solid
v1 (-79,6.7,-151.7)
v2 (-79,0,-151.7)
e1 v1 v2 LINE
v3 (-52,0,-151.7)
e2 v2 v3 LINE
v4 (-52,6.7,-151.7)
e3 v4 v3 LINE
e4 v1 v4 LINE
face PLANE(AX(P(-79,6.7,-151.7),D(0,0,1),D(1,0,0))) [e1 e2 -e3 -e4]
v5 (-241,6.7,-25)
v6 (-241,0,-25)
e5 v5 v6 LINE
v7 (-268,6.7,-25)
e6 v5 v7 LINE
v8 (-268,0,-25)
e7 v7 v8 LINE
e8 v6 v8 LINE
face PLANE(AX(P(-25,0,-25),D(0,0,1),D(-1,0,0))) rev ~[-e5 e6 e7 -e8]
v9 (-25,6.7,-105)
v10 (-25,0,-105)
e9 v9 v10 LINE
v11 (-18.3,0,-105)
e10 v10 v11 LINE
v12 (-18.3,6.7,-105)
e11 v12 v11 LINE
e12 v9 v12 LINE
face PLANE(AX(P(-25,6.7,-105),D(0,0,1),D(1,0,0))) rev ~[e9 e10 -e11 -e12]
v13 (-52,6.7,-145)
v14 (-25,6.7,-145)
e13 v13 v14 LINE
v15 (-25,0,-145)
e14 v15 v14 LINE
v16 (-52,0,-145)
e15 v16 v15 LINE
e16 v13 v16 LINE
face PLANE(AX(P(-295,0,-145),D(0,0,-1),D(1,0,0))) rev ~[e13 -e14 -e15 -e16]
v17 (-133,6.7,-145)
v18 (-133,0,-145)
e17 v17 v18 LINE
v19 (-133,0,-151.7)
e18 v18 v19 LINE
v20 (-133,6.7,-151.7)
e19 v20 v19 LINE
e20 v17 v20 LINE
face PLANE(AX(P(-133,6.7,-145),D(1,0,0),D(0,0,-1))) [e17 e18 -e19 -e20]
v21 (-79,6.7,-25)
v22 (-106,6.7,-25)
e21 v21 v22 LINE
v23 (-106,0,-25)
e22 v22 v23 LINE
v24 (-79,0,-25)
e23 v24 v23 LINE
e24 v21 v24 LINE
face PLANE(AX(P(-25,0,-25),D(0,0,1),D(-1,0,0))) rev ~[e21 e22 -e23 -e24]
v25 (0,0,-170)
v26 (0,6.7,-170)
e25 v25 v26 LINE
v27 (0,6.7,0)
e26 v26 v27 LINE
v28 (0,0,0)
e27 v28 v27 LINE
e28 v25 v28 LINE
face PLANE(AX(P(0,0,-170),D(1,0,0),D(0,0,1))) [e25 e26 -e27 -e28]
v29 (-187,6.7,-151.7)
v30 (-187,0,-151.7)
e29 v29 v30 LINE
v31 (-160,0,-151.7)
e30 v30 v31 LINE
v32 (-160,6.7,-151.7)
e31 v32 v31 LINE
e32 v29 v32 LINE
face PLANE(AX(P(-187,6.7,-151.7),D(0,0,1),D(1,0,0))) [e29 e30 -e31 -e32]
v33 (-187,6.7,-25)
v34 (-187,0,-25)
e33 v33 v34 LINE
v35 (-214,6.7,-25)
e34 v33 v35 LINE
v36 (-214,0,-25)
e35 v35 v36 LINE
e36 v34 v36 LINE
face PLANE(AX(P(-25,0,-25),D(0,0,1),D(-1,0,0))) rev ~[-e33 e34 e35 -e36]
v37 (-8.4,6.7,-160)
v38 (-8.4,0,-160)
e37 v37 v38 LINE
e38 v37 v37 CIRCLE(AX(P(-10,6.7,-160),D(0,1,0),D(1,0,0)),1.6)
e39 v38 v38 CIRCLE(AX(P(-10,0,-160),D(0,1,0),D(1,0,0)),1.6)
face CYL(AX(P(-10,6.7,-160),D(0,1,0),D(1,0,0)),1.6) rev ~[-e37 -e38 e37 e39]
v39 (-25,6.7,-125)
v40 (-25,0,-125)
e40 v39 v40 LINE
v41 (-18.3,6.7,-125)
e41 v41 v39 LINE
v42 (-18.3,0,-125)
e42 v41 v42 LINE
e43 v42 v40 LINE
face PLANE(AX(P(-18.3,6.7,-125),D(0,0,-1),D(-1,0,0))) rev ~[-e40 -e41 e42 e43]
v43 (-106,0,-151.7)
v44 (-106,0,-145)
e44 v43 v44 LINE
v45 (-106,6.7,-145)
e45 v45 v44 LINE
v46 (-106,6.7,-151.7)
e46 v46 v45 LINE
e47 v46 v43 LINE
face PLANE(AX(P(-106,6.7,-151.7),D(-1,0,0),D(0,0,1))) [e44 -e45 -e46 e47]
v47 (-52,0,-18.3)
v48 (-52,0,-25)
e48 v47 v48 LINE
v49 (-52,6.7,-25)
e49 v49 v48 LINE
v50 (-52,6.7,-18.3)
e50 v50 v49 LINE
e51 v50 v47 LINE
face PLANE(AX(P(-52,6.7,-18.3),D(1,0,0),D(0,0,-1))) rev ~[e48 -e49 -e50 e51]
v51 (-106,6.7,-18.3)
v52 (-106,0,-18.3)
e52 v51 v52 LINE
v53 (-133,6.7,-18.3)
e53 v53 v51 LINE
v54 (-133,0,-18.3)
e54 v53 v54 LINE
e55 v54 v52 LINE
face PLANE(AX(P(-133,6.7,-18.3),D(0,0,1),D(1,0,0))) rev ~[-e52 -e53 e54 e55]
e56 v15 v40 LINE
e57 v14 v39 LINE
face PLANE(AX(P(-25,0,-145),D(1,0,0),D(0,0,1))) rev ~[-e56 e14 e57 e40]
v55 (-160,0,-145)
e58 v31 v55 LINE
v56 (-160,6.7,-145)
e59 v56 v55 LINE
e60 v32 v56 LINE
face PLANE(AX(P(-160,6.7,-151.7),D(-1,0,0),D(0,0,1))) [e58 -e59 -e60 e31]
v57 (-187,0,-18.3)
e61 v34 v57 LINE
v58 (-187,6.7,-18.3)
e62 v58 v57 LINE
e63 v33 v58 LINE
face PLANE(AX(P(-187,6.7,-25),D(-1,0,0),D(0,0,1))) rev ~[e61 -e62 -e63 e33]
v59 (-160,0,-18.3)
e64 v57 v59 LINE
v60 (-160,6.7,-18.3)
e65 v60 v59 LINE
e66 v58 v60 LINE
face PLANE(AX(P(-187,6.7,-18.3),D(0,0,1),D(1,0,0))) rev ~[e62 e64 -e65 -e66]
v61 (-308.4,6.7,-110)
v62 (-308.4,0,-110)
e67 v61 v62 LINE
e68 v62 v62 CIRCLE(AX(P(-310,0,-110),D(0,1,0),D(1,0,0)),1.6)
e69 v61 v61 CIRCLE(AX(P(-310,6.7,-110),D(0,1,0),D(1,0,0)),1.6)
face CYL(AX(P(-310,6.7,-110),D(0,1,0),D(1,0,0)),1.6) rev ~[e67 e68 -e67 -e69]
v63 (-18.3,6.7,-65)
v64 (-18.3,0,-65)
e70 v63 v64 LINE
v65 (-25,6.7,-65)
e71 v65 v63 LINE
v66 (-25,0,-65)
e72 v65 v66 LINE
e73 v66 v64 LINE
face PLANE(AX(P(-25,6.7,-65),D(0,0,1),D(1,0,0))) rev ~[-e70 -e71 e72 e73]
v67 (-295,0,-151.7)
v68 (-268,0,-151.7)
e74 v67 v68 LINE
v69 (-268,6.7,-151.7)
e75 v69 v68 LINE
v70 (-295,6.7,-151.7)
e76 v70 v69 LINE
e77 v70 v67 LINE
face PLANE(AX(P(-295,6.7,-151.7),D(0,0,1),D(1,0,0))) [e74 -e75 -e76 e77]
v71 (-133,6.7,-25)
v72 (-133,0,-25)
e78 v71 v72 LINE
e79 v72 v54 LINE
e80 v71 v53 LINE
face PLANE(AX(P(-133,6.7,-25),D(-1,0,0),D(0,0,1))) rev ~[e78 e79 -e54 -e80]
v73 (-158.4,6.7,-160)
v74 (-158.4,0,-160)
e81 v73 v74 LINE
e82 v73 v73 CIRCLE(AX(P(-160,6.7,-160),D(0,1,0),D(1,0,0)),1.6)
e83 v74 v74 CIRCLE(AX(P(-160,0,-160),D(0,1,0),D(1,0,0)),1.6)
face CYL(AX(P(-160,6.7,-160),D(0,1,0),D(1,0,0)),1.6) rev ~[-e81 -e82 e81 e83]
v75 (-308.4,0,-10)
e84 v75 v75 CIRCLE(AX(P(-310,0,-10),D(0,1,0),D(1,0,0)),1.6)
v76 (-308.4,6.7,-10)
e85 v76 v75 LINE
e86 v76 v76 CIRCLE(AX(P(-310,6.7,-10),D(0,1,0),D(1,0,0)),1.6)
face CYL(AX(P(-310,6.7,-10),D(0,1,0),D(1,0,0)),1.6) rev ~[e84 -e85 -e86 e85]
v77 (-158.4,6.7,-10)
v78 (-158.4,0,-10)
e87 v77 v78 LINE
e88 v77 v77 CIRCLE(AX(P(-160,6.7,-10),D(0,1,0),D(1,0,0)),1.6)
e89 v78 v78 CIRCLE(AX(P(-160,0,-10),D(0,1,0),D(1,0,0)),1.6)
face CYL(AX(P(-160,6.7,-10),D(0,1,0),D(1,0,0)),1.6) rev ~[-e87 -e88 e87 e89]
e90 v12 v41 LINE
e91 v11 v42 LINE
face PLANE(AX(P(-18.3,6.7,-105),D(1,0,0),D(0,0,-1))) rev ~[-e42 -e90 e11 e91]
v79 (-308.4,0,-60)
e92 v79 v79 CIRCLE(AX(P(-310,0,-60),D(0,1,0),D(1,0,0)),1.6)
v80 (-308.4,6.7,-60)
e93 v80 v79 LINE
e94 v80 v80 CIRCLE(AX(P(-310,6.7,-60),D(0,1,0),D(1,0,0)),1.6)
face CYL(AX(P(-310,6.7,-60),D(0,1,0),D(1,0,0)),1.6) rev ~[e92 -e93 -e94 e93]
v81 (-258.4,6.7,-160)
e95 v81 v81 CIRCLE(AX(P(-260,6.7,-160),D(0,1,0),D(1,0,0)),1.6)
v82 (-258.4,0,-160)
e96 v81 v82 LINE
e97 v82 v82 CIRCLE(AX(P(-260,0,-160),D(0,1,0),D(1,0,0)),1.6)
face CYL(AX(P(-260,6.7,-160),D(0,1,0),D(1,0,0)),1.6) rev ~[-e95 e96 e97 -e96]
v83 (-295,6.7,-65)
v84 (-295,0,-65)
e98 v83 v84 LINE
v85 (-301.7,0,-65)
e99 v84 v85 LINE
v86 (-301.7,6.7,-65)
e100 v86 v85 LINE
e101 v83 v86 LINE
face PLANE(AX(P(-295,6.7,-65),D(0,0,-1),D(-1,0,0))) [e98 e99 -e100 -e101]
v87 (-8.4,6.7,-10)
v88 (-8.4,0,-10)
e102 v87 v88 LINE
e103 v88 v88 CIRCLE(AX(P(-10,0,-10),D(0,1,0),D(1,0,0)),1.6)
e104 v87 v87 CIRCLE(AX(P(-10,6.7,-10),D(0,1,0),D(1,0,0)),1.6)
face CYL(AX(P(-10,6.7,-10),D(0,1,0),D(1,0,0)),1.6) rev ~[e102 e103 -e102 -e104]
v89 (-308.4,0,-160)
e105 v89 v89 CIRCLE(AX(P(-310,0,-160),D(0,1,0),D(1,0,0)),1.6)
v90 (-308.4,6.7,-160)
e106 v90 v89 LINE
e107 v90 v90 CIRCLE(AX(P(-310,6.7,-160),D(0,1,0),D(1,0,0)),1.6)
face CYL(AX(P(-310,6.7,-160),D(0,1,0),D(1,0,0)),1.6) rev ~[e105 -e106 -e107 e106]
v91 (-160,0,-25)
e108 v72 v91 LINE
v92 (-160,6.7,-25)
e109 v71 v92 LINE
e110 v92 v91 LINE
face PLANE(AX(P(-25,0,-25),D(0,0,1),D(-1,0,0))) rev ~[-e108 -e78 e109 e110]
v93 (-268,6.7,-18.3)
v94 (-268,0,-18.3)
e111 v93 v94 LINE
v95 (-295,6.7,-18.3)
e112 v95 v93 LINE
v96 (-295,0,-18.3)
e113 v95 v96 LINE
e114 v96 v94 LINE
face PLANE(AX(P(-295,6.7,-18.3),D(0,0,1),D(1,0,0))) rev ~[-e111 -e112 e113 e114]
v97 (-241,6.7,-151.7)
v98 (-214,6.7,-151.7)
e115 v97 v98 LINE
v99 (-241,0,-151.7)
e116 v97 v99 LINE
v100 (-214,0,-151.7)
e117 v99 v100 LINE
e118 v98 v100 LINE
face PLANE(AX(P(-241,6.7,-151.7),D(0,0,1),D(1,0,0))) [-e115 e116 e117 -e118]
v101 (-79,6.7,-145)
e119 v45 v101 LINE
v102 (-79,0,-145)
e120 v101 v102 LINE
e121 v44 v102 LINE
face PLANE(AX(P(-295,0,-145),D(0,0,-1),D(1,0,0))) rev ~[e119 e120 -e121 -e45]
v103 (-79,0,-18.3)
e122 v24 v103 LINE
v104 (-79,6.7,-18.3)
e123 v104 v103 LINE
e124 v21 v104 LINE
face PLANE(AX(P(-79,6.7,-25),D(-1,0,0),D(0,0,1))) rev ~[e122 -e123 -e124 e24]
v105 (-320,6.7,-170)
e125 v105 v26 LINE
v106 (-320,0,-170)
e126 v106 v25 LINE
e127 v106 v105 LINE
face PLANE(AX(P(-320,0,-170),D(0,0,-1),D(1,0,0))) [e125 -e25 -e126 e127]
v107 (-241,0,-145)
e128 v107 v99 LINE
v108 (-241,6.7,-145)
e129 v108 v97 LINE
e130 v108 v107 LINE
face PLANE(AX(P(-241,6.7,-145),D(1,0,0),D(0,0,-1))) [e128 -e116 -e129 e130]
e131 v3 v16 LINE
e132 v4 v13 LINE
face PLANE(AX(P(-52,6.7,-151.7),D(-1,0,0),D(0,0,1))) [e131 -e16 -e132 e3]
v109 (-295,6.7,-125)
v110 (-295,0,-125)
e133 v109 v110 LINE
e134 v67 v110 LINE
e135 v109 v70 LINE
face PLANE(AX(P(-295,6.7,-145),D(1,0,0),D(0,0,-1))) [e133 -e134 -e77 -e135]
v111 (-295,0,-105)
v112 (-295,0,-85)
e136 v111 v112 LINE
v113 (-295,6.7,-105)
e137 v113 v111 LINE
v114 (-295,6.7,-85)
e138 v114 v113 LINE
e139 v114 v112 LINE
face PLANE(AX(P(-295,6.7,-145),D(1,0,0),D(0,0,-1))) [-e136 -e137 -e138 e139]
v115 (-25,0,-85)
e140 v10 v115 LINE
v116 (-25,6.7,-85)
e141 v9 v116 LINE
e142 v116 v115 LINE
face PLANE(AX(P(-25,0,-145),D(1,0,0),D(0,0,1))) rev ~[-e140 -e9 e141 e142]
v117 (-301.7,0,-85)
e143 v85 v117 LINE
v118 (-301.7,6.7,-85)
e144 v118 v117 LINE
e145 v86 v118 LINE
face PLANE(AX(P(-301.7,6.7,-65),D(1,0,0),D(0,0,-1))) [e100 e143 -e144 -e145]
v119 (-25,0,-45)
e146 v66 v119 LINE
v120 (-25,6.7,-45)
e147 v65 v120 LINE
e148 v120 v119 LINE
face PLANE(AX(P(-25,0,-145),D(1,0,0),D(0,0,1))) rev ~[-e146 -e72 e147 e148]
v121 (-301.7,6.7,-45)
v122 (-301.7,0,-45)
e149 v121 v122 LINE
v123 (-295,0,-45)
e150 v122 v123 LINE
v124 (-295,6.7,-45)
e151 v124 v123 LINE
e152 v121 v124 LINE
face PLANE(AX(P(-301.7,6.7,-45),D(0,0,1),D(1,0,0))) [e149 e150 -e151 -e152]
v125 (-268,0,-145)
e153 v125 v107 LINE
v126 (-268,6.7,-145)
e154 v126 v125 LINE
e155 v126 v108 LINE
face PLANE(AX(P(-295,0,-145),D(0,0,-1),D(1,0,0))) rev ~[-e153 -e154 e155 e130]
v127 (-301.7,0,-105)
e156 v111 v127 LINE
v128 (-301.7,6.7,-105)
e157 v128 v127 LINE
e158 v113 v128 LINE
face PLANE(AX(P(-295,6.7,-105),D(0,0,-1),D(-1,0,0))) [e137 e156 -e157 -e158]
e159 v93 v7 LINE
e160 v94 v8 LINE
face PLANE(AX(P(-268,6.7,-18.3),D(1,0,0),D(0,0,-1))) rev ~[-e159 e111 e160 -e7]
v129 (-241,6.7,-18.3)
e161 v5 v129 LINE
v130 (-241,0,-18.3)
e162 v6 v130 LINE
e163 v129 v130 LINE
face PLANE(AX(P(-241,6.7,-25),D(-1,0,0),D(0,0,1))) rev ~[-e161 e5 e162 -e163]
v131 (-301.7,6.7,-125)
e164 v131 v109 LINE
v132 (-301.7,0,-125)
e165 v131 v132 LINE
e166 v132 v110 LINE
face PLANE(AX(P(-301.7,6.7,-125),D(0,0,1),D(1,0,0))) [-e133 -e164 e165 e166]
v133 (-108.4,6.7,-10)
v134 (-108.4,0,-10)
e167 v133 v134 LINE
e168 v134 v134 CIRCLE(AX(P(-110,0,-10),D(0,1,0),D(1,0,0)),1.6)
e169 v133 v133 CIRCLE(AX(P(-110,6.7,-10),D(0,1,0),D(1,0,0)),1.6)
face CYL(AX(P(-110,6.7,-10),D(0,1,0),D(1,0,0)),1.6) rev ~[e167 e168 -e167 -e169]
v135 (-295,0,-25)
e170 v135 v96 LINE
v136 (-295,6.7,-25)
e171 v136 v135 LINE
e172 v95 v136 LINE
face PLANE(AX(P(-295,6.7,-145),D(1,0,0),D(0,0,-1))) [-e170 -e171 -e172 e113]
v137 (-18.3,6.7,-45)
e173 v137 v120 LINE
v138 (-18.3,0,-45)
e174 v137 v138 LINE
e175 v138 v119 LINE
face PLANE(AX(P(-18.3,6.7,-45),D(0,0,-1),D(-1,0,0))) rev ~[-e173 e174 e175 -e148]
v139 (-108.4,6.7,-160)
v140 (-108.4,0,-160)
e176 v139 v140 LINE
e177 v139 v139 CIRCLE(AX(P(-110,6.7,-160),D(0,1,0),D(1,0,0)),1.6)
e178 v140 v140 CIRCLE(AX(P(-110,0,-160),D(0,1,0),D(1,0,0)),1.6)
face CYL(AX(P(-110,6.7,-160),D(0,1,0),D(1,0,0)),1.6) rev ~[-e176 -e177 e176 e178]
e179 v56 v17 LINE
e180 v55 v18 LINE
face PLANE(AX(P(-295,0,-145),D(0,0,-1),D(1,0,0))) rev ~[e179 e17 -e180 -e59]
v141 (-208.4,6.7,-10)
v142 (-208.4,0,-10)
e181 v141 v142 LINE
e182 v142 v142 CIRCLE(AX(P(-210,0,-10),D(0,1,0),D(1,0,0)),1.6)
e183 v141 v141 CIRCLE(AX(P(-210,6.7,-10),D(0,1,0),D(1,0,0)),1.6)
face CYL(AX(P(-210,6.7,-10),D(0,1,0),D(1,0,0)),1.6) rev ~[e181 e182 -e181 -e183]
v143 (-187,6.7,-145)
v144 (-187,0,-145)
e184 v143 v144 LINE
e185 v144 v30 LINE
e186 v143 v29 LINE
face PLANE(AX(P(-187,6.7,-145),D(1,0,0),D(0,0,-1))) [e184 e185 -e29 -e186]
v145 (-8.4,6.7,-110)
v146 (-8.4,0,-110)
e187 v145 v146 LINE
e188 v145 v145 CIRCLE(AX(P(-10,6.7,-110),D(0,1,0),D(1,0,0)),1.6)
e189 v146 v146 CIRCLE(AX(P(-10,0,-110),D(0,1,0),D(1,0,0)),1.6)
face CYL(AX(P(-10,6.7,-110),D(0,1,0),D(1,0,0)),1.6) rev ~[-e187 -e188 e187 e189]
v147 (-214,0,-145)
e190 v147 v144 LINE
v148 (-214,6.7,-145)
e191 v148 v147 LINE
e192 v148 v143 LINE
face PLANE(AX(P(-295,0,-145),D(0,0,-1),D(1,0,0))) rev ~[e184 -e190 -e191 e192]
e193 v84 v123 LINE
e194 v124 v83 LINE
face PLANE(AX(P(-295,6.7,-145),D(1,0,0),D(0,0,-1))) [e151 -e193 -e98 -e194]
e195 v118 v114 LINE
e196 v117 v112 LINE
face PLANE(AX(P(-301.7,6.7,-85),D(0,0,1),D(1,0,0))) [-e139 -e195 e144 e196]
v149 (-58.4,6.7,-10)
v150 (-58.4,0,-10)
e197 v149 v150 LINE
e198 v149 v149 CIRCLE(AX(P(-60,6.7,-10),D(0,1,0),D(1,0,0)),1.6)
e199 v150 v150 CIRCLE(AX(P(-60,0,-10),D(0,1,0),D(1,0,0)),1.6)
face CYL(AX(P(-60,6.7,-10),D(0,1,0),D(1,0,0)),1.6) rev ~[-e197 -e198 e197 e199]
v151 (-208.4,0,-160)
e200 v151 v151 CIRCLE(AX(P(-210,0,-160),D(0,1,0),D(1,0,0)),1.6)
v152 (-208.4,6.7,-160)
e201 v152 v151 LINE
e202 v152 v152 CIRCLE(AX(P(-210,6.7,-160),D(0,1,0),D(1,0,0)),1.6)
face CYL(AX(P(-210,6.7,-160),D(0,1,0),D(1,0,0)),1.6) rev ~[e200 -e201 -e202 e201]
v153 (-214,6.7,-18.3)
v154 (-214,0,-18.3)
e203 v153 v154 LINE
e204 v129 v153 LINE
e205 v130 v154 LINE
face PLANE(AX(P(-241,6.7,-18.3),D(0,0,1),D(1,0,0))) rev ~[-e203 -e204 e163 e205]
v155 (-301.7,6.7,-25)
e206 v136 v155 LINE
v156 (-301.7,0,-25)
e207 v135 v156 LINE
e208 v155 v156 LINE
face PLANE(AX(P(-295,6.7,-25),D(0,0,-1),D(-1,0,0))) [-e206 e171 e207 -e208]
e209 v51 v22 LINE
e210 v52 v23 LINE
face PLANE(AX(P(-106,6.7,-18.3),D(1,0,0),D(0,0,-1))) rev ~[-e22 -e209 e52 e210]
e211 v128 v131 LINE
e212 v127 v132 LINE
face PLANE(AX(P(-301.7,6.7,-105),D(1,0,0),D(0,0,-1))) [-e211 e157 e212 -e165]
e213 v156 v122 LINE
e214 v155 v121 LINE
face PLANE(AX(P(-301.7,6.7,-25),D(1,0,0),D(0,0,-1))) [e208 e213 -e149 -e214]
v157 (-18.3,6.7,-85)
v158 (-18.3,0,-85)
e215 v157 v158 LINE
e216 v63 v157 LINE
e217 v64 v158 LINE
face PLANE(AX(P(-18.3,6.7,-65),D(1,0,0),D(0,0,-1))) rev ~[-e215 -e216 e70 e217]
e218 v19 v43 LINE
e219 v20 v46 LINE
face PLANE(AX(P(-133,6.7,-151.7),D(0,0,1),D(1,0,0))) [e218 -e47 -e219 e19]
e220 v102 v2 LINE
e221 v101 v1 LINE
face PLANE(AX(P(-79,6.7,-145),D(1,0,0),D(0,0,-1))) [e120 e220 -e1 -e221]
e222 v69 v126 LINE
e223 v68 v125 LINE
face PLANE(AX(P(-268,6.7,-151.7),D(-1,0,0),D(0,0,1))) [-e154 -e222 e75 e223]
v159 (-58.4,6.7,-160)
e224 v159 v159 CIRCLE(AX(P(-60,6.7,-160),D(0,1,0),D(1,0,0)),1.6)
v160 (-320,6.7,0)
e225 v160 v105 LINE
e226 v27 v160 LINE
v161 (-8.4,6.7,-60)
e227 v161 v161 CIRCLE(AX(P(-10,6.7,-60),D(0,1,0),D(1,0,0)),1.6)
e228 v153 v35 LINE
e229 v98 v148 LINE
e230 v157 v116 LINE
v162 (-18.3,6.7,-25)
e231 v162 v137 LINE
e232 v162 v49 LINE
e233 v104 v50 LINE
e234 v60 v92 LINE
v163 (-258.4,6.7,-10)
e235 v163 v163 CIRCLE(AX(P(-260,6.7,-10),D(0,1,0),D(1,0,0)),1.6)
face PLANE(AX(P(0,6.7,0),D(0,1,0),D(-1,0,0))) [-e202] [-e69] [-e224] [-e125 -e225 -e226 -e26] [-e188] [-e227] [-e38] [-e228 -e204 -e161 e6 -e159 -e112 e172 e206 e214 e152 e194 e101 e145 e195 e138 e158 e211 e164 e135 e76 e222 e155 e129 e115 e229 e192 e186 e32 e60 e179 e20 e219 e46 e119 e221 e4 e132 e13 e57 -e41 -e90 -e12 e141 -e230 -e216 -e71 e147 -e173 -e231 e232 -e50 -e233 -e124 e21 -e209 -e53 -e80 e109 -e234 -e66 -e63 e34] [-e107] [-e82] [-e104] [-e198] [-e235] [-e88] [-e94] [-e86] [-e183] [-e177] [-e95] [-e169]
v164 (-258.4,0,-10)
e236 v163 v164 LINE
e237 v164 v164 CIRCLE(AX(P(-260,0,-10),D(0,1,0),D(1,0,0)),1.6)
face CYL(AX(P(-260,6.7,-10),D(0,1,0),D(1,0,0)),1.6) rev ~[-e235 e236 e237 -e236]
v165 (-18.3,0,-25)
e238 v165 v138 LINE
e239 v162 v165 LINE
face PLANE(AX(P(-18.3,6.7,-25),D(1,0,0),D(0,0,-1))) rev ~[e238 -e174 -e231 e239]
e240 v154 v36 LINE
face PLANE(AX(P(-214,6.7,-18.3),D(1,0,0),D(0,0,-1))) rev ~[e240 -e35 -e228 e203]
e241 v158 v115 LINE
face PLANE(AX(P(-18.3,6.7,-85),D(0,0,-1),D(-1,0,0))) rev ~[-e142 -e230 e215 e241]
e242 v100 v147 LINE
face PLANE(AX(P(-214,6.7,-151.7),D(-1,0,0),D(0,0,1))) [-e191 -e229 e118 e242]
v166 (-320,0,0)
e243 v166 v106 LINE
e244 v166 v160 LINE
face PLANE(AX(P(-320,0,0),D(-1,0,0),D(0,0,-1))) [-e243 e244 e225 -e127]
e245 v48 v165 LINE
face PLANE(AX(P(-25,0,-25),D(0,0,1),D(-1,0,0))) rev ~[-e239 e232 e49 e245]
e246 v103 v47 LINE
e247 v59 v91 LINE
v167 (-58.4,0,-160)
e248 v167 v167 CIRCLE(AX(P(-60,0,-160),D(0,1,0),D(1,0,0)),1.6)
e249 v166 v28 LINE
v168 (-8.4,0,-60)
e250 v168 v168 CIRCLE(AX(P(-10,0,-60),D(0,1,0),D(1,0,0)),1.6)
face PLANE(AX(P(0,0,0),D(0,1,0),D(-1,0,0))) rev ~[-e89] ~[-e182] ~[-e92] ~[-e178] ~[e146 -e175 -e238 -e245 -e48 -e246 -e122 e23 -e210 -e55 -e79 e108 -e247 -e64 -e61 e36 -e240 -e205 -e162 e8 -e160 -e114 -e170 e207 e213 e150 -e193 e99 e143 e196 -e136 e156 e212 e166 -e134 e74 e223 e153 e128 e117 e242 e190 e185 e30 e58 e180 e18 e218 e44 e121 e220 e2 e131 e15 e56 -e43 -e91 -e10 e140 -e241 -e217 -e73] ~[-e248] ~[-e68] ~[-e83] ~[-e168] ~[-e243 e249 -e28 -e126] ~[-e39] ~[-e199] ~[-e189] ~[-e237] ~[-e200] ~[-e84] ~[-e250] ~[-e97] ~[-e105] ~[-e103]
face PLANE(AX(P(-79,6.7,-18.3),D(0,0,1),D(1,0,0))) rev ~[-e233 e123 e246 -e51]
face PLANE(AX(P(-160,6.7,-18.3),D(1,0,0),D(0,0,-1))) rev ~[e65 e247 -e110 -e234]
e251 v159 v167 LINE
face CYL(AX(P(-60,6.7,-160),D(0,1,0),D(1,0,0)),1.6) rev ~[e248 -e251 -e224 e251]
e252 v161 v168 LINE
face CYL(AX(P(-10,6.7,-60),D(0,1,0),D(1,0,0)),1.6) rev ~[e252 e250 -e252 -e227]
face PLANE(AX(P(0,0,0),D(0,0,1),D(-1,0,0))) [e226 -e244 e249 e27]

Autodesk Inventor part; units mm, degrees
ref_plane "YZ Plane" through (0, 0, 0) normal (1, 0, 0) x (0, 1, 0)
ref_plane "XZ Plane" through (0, 0, 0) normal (0, 1, 0) x (-1, 0, 0)
ref_plane "XY Plane" through (0, 0, 0) normal (0, 0, 1) x (1, 0, 0)
sketch "Sketch1" plane through (0, 0, 0) normal (0, 1, 0) x (-1, 0, 0)
  line L0 (0, 0) -> (320, 0)
  line L1 (320, 0) -> (320, -170)
  line L2 (320, -170) -> (0, -170)
  line L3 (0, -170) -> (0, 0)
  line L4 (0, 0) -> (25, 0)
  line L5 (25, -25) -> (295, -25)
  line L6 (295, -25) -> (295, -145)
  line L7 (295, -145) -> (25, -145)
  line L8 (25, -145) -> (25, -25)
  dimension "d0" = 320
  dimension "d1" = 170
  dimension "d2" = 25
  dimension "d3" = 25
  dimension "d4" = 270
  dimension "d5" = 120
extrude "Extrusion1" add sketch "Sketch1" along normal blind 6.7
sketch "Sketch2" plane through (0, 6.7, 0) normal (0, 1, 0) x (1, 0, 0)
  line L0 (-320, 0) -> (0, 0) projected
  line L1 (0, 0) -> (0, 170) projected
  circle A0 centre (-10, 10) radius 1.6
  line L2 (0, 170) -> (0, 160)
  circle A1 centre (-10, 160) radius 1.6
  dimension "d10" = 3.2
  dimension "d13" = 3.2
extrude "Extrusion2" cut sketch "Sketch2" against normal blind 6.7
pattern_linear "Rectangular Pattern1" count 7 spacing 50 along (-1, 0, 0) of "Extrusion2"
sketch "Sketch3" plane through (0, 6.7, 0) normal (0, 1, 0) x (1, 0, 0)
  circle A0 centre (-310, 10) radius 1.6 projected
  circle A1 centre (-310, 60) radius 1.6
  circle A2 centre (-10, 10) radius 1.6 projected
  circle A3 centre (-10, 60) radius 1.6
  point P0 (0, 0)
  dimension "d20" = 3.2
  dimension "d22" = 3.2
extrude "Extrusion3" cut sketch "Sketch3" against normal blind 6.7 contours A1 | A3
pattern_linear "Rectangular Pattern2" count 2 spacing 50 along (0, 0, -1) of "Extrusion3"
sketch "Sketch4" plane through (0, 6.7, 0) normal (0, 1, 0) x (1, 0, 0)
  line L0 (-25, 25) -> (-25, 145) projected
  line L1 (-25, 25) -> (-295, 25) projected
  line L2 (-52, 25) -> (-79, 25)
  line L3 (-79, 25) -> (-79, 18.3)
  line L4 (-79, 18.3) -> (-52, 18.3)
  line L5 (-52, 18.3) -> (-52, 25)
  line L6 (-295, 145) -> (-25, 145) projected
  line L7 (-25, 145) -> (-52, 145)
  line L8 (-52, 145) -> (-79, 145)
  line L9 (-79, 145) -> (-79, 151.7)
  line L10 (-79, 151.7) -> (-52, 151.7)
  line L11 (-52, 151.7) -> (-52, 145)
  point P0 (0, 0)
  dimension "d28" = 27
  dimension "d29" = 27
  dimension "d30" = 6.7
  dimension "d31" = 27
  dimension "d32" = 27
  dimension "d33" = 6.7
extrude "Extrusion4" cut sketch "Sketch4" against normal blind 6.7
pattern_linear "Rectangular Pattern3" count 5 spacing 54 along (-1, 0, 0) of "Extrusion4"
sketch "Sketch5" plane through (0, 6.7, 0) normal (0, 1, 0) x (1, 0, 0)
  line L0 (-25, 145) -> (-25, 25) projected
  line L1 (-25, 25) -> (-18.3, 25)
  line L2 (-18.3, 25) -> (-18.3, 45)
  line L3 (-18.3, 45) -> (-25, 45)
  line L4 (-25, 45) -> (-25, 25)
  line L5 (-295, 18.3) -> (-295, 151.7) projected
  line L6 (-295, 25) -> (-301.7, 25)
  line L7 (-301.7, 25) -> (-301.7, 45)
  line L8 (-301.7, 45) -> (-295, 45)
  line L9 (-295, 45) -> (-295, 25)
  point P0 (0, 0)
  dimension "d39" = 6.7
  dimension "d40" = 20
  dimension "d41" = 6.7
  dimension "d42" = 20
extrude "Extrusion5" cut sketch "Sketch5" against normal blind 6.7
pattern_linear "Rectangular Pattern4" count 3 spacing 40 along (0, 0, -1) of "Extrusion5"
properties part number "b_Base_support 1"
